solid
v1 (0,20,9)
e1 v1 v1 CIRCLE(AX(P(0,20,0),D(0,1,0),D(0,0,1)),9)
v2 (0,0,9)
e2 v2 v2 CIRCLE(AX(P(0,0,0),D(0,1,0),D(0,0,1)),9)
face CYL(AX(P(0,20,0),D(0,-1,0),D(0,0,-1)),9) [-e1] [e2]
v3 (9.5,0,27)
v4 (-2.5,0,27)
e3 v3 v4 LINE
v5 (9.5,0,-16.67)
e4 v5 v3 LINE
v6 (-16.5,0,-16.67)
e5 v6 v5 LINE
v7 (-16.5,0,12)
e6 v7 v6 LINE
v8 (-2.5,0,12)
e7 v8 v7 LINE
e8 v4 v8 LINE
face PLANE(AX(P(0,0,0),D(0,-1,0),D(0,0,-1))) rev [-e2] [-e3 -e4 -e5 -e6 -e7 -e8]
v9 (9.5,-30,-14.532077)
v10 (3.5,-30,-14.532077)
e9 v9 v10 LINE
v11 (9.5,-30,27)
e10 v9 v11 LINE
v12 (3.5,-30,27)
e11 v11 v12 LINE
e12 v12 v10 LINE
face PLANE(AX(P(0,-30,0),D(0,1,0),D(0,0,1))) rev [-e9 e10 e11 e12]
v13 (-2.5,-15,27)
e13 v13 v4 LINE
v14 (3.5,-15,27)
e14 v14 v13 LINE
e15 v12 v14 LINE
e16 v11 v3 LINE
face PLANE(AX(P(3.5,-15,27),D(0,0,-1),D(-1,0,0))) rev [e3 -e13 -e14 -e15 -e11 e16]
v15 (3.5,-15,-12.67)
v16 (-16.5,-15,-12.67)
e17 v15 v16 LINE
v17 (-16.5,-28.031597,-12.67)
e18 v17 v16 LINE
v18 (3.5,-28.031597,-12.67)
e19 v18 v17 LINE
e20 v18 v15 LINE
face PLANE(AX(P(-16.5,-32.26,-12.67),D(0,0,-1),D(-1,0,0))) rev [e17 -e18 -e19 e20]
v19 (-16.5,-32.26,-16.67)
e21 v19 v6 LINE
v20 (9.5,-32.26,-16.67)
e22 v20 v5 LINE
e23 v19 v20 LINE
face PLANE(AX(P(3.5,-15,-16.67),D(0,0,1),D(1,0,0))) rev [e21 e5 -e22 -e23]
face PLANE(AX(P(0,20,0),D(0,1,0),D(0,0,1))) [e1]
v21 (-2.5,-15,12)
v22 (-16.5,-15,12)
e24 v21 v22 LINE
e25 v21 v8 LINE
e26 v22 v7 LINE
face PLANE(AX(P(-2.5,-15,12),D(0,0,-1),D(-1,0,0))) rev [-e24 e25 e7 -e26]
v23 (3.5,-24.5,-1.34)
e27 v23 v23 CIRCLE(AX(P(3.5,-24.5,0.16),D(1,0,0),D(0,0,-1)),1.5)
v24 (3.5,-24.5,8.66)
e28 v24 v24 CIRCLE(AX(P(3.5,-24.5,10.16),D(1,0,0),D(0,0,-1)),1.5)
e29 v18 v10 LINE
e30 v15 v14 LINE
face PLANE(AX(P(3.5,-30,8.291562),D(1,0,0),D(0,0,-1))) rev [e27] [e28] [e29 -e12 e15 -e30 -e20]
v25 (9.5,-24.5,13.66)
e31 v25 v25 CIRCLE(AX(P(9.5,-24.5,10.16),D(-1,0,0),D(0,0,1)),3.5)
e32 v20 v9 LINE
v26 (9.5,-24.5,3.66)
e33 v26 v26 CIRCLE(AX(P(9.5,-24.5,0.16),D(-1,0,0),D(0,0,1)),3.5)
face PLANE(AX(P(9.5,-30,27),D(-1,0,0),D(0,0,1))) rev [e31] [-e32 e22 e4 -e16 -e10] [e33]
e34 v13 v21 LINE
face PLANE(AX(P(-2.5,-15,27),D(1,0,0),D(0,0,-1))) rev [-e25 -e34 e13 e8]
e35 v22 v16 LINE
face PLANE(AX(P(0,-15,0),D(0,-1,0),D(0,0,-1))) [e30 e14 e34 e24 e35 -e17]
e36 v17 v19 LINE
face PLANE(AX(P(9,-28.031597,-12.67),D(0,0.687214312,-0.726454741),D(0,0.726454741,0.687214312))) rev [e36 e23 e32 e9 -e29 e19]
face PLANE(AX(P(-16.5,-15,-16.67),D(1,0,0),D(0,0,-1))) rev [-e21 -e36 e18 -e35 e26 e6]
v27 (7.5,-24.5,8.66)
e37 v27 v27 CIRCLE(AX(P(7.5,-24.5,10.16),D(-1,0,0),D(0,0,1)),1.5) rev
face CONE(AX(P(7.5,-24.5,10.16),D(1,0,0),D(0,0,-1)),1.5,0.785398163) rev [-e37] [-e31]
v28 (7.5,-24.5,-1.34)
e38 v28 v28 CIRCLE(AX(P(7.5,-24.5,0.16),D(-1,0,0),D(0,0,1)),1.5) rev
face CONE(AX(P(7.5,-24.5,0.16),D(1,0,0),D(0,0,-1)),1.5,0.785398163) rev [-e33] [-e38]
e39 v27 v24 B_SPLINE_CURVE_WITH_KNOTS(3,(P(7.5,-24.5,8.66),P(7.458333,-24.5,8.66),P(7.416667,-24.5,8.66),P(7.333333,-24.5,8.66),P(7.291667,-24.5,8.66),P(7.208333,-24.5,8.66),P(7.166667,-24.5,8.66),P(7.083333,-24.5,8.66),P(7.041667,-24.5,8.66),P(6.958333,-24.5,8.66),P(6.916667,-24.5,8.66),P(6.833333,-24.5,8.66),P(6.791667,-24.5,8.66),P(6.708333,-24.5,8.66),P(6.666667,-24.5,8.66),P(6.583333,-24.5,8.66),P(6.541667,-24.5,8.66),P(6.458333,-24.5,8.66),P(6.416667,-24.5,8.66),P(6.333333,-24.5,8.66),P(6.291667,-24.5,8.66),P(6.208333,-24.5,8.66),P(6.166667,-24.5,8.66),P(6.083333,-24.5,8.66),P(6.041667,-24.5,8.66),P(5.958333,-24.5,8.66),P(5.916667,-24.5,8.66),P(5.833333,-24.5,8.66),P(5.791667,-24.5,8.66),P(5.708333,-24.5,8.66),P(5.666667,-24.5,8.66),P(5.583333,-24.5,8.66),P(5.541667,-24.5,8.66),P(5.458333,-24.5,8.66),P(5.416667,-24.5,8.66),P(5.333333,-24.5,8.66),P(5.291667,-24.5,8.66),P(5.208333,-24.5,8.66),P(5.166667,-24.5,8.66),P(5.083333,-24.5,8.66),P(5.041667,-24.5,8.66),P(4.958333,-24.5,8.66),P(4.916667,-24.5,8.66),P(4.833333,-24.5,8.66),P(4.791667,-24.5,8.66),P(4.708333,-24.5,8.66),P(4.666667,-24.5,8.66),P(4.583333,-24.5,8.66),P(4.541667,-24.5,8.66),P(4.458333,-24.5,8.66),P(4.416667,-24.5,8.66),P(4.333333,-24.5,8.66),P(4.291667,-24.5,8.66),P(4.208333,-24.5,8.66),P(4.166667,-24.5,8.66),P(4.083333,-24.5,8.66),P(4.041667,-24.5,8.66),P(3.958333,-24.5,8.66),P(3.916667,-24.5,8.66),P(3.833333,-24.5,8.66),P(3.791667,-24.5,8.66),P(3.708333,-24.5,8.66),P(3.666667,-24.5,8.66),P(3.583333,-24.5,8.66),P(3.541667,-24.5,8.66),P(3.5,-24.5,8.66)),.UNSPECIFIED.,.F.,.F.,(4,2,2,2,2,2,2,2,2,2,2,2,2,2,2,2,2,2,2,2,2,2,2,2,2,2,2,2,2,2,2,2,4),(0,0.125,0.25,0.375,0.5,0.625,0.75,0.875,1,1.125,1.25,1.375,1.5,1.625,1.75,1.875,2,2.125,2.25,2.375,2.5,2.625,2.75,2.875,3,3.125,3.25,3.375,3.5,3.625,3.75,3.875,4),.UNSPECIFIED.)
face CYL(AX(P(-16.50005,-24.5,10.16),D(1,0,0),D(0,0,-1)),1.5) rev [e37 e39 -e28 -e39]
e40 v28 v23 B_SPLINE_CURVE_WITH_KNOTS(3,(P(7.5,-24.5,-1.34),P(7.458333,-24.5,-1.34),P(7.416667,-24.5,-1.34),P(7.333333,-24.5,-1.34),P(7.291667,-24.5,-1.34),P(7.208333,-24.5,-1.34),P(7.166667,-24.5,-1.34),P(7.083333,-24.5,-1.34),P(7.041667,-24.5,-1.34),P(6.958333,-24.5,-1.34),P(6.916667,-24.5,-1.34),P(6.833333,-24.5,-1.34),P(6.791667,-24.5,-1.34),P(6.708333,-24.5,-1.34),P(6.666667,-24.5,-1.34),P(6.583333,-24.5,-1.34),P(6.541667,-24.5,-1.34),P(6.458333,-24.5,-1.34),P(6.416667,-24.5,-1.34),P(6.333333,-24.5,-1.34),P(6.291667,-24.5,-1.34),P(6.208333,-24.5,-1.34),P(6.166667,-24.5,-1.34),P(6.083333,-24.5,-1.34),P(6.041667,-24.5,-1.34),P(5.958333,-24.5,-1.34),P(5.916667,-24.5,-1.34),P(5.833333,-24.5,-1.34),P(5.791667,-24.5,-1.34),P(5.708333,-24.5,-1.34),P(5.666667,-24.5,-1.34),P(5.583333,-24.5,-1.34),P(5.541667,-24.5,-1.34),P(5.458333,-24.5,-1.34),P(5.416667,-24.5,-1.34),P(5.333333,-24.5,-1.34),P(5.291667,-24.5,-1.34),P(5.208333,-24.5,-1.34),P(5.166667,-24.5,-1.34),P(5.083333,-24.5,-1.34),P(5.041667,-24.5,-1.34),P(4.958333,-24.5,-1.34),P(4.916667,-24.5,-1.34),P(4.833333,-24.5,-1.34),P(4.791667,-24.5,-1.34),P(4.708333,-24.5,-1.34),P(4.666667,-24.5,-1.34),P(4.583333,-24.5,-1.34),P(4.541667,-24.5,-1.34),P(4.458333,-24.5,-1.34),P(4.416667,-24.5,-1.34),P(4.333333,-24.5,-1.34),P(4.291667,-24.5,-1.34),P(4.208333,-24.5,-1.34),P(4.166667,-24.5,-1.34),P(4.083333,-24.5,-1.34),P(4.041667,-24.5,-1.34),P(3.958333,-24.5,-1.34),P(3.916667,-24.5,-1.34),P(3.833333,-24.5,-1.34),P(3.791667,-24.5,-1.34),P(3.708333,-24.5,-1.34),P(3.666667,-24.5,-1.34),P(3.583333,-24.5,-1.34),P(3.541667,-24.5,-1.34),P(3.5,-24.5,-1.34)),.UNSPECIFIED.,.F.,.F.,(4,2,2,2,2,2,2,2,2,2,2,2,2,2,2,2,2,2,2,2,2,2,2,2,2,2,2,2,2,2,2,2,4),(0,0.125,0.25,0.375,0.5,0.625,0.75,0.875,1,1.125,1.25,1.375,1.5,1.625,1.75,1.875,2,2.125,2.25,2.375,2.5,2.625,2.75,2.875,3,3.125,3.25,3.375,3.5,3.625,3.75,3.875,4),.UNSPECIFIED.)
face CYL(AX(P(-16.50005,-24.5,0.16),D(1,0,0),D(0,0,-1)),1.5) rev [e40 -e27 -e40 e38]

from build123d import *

# Parameters (mm, degrees)
SKETCH_1_R          = 9
EXTRUDE_1_DEPTH     = 20
SKETCH_2_W          = 20
SKETCH_2_H          = 43.67
EXTRUDE_2_DEPTH     = 15
SKETCH_3_W          = 14
SKETCH_3_H          = 15
CUT_EXTRUDE_1_DEPTH = 38.433273968
SKETCH_4_W          = 20
SKETCH_4_H          = 4
EXTRUDE_3_DEPTH     = 17.26
CUT_EXTRUDE_2_DEPTH = 50.193064552
EXTRUDE_4_DEPTH     = 30
SKETCH_7_R          = 1.5
CUT_EXTRUDE_3_DEPTH = 50.454095887
EXTRUDE_5_DEPTH     = 6
CHAMFER_1_SIZE      = 2


with BuildPart() as part:
    # Эскиз1 → Бобышка-Вытянуть1 (new body)
    with BuildSketch(Plane(origin=(0, 0, 0), x_dir=(1, 0, 0), z_dir=(0, 1, 0))):
        with Locations(Location((0, 0, 0), (0, 0, 270))):
            Circle(SKETCH_1_R)
    extrude(amount=EXTRUDE_1_DEPTH)

    # Эскиз2 → Бобышка-Вытянуть2 (add)
    with BuildSketch(Plane.XZ):
        with Locations((-6.5, 5.165)):
            Rectangle(SKETCH_2_W, SKETCH_2_H)
    extrude(amount=EXTRUDE_2_DEPTH)

    # Эскиз3 → Вырез-Вытянуть1 (cut, through all)
    with BuildSketch(Plane(origin=(0, 0, 0), x_dir=(1, 0, 0), z_dir=(0, 1, 0))):
        with Locations((-9.5, -19.5)):
            Rectangle(SKETCH_3_W, SKETCH_3_H)
    extrude(amount=-CUT_EXTRUDE_1_DEPTH, mode=Mode.SUBTRACT)

    # Эскиз4 → Бобышка-Вытянуть3 (add)
    with BuildSketch(Plane.XZ.offset(15)):
        with Locations((-6.5, -14.67)):
            Rectangle(SKETCH_4_W, SKETCH_4_H)
    extrude(amount=EXTRUDE_3_DEPTH)

    # Эскиз5 → Вырез-Вытянуть2 (cut, through all)
    with BuildSketch(Plane.ZY.offset(16.5)):
        Polygon((-12.67, -32.26), (-12.67, -28.031597138), (-16.67, -32.26), align=None)
    extrude(amount=-CUT_EXTRUDE_2_DEPTH, mode=Mode.SUBTRACT)

    # Эскиз6 → Бобышка-Вытянуть4 (add)
    with BuildSketch(Plane.XZ):
        Polygon((3.5, 8.291561976), (3.5, 27), (9.5, 27), (9.5, -16.67), (3.5, -16.67), (3.5, -8.291561976), align=None)
    extrude(amount=EXTRUDE_4_DEPTH)

    # Эскиз7 → Вырез-Вытянуть3 (cut, through all)
    with BuildSketch(Plane(origin=(9.5, 0, 0), x_dir=(0, 0, -1), z_dir=(1, 0, 0))):
        with Locations((-10.16, -24.5)):
            Circle(SKETCH_7_R)
        with Locations((-0.16, -24.5)):
            Circle(SKETCH_7_R)
    extrude(amount=-CUT_EXTRUDE_3_DEPTH, mode=Mode.SUBTRACT)

    # Эскиз8 → Бобышка-Вытянуть5 (add)
    with BuildSketch(Plane(origin=(3.5, 0, 0), x_dir=(0, 0, -1), z_dir=(1, 0, 0))):
        Polygon((16.67, -30), (14.532076937, -30), (16.67, -32.26), align=None)
    extrude(amount=EXTRUDE_5_DEPTH)

    # Фаска1
    chamfer_1_edges = [part.edges().sort_by_distance(p)[0] for p in [
        (9.5, -24.5, 11.66),
        (9.5, -24.5, 1.66),
    ]]
    chamfer(chamfer_1_edges, length=CHAMFER_1_SIZE)


solid = part.part
